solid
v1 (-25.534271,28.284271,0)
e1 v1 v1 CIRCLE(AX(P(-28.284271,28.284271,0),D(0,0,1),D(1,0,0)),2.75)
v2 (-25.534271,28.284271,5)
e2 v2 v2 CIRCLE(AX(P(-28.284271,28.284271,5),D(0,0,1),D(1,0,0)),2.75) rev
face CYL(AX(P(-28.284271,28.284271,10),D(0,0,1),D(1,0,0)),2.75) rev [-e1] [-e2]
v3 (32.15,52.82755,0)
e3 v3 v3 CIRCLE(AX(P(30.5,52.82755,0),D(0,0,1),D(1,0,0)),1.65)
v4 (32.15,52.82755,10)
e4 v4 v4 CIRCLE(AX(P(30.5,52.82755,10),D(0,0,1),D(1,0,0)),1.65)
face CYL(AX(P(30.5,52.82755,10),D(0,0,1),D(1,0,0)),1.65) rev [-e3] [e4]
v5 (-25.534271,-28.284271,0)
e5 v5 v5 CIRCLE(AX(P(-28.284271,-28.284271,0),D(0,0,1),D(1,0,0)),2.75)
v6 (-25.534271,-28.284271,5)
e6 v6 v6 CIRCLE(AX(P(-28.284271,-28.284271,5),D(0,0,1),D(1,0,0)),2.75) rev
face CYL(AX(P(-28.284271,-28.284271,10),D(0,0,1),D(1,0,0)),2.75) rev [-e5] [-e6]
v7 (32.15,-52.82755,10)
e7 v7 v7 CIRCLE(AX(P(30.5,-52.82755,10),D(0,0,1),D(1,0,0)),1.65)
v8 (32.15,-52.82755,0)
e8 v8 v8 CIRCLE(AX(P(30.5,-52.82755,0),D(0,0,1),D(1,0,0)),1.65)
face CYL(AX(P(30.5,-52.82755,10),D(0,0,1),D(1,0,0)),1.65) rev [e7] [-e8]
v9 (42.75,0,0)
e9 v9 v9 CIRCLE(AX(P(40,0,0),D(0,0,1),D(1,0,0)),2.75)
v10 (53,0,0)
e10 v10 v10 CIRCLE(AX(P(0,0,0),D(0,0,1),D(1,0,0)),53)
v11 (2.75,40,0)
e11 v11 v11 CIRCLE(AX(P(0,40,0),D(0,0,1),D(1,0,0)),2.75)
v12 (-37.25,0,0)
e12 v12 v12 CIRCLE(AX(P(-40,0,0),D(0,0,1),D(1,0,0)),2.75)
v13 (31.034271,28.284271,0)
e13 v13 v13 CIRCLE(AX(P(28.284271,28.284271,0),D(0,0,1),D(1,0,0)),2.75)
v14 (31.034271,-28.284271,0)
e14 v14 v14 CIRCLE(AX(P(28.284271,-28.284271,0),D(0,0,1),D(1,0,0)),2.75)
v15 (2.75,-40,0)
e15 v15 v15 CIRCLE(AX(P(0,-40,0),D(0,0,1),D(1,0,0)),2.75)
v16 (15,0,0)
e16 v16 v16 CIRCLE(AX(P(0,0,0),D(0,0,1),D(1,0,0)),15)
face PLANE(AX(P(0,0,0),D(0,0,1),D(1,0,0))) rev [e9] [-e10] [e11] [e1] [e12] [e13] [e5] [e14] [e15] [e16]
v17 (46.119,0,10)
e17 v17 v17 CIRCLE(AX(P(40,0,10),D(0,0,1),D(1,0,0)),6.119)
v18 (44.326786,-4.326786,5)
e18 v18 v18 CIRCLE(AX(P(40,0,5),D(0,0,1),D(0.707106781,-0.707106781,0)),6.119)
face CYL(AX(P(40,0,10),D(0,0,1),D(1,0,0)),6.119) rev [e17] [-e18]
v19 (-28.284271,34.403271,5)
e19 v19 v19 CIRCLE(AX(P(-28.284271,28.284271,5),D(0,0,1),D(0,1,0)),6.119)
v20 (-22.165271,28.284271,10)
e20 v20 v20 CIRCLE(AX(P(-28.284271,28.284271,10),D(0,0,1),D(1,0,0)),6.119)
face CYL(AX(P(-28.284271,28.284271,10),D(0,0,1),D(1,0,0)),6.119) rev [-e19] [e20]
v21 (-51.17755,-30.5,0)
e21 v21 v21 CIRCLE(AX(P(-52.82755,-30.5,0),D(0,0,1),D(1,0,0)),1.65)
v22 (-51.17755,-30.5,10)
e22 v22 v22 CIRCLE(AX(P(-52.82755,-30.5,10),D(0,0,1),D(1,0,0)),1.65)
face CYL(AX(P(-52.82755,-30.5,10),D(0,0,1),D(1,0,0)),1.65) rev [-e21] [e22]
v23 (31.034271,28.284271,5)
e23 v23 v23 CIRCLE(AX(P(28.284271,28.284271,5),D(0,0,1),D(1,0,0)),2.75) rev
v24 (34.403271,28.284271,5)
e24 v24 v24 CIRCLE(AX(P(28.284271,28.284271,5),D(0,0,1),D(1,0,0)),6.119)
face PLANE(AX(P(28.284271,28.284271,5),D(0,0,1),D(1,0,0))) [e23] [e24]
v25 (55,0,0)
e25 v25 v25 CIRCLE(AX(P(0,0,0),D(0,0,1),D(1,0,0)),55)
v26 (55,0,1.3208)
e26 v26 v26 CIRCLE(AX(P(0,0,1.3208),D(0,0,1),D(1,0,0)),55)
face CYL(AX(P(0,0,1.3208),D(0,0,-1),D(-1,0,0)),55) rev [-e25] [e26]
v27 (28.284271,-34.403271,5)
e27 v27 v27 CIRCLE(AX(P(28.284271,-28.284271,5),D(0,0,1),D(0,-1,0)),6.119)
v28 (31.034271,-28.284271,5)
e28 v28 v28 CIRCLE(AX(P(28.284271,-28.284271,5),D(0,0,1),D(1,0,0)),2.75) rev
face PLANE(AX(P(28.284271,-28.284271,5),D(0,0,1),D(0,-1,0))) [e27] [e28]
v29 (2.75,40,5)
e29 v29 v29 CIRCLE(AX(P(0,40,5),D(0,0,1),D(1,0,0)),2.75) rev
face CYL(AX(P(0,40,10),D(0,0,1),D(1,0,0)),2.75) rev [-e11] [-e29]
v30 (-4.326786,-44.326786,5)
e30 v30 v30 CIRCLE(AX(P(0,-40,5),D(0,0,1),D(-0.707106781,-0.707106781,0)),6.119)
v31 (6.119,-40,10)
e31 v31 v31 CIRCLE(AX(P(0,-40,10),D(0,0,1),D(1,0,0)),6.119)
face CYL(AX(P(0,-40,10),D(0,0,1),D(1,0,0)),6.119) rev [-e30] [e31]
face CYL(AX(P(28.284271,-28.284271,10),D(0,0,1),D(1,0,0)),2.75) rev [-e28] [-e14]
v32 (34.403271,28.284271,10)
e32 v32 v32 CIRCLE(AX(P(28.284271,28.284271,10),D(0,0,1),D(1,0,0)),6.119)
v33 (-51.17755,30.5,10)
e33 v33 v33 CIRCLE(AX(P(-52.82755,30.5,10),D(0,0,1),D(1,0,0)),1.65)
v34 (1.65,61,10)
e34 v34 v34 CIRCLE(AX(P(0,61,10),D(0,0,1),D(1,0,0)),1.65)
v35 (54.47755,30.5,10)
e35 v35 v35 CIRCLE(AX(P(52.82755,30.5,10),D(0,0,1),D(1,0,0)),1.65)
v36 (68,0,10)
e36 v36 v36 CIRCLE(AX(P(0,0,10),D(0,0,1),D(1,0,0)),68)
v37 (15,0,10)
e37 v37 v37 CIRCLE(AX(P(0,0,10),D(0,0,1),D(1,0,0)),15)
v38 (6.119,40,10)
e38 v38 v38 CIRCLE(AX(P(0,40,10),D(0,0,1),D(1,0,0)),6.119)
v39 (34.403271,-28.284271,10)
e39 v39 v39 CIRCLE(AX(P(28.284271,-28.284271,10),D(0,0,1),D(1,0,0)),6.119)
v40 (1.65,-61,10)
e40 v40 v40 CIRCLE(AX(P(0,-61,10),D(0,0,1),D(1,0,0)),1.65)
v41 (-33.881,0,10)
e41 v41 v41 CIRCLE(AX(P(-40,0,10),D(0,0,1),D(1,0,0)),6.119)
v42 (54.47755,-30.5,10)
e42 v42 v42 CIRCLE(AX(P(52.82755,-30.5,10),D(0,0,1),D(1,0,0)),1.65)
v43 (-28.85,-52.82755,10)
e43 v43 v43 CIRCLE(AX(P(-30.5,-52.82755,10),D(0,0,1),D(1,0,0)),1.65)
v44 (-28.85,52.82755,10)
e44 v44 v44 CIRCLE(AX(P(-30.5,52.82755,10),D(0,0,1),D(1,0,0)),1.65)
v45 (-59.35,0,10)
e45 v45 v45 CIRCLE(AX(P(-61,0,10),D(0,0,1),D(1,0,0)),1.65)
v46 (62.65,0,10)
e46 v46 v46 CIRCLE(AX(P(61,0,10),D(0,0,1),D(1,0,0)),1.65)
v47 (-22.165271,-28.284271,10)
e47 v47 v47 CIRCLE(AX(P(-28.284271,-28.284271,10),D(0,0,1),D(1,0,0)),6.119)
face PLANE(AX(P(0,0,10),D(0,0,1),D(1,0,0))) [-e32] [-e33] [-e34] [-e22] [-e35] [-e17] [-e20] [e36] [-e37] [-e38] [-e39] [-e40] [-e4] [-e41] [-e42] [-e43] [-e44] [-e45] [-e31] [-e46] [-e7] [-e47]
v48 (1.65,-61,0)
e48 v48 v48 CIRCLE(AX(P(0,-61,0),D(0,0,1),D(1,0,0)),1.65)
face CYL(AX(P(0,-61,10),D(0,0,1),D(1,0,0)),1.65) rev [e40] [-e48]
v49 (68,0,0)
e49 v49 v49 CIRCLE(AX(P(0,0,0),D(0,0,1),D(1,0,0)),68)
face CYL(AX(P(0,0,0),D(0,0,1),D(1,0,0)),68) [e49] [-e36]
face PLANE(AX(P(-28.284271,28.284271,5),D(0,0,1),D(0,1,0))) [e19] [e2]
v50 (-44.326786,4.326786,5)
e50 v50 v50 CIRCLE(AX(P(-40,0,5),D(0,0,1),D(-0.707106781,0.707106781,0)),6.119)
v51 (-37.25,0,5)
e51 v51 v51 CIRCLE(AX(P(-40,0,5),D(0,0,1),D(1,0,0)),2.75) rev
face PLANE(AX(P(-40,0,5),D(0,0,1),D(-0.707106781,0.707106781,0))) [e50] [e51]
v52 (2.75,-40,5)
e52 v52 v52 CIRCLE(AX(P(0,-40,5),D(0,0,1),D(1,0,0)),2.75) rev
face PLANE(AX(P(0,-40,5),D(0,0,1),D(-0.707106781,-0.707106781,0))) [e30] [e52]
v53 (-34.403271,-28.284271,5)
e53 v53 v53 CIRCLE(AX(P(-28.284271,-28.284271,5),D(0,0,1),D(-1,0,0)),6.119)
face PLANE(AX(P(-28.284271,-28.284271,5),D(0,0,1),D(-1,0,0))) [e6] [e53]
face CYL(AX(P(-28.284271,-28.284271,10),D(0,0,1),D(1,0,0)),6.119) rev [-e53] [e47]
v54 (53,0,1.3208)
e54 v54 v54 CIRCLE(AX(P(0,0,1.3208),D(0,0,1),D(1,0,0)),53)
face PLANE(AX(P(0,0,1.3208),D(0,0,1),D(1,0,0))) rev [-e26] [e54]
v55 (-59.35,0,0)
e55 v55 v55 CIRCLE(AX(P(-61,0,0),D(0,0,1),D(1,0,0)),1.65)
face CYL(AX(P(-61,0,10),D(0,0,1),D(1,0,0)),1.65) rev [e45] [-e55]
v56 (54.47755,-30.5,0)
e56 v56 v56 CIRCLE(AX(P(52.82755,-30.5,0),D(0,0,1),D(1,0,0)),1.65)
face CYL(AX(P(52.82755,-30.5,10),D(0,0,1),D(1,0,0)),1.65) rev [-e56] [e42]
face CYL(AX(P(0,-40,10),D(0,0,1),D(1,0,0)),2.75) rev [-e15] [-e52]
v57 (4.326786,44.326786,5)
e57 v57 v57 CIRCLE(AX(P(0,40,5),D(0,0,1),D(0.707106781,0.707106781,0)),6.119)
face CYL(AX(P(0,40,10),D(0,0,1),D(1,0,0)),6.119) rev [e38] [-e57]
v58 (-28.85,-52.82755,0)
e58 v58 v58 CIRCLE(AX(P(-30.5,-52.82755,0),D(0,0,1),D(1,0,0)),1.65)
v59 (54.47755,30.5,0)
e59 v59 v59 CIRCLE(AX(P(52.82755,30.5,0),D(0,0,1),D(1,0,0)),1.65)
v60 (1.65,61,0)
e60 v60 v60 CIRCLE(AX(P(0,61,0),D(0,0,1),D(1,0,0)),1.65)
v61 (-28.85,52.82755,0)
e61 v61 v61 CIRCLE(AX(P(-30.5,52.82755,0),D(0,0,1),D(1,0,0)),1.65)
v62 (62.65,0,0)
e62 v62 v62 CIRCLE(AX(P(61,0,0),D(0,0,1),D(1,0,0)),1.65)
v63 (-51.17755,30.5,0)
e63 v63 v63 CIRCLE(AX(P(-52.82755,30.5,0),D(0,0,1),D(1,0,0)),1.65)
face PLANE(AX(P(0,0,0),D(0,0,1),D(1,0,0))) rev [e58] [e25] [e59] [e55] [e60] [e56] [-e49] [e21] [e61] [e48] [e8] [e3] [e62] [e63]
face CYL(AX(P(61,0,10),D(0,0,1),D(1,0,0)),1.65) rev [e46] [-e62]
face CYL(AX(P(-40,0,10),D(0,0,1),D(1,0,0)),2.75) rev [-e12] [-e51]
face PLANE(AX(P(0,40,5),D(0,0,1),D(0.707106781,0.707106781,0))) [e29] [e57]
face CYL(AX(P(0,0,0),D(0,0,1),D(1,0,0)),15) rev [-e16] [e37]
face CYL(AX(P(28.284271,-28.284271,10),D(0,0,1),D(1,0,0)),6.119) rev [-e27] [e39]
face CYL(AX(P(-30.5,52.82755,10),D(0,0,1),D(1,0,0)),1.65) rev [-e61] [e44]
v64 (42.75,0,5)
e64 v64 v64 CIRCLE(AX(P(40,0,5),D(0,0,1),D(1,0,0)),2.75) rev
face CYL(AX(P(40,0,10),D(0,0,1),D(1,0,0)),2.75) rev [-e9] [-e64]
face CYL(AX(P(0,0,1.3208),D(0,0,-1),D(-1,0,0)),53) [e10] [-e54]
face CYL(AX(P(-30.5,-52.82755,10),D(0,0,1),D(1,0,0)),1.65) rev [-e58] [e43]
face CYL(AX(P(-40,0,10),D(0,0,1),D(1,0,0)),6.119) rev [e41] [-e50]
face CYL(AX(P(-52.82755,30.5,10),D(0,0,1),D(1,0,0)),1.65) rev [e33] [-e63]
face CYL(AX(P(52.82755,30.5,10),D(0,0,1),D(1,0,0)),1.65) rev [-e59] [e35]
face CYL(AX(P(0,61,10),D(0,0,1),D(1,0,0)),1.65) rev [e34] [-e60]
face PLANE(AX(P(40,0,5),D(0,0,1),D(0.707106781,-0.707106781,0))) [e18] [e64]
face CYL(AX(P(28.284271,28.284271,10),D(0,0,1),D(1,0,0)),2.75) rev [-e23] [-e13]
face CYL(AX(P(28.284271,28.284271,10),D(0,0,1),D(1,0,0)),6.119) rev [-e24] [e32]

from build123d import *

# Parameters (mm, degrees)
SKETCH1_R                               = 75
BOSS_EXTRUDE1_DEPTH                     = 10
SKETCH3_R                               = 15
CUT_EXTRUDE2_DEPTH                      = 10
SKETCH8_R                               = 55
SKETCH8_R_2                             = 53
CUT_EXTRUDE7_DEPTH                      = 1.3208
CBORE_FOR_M5_HEX_HEAD_BOLT1_D           = 5.5
CBORE_FOR_M5_HEX_HEAD_BOLT1_CBORE_D     = 12.238
CBORE_FOR_M5_HEX_HEAD_BOLT1_CBORE_DEPTH = 3.5
SKETCH11_R                              = 75
SKETCH11_R_2                            = 68
CUT_EXTRUDE8_DEPTH                      = 10
SKETCH12_R                              = 6.119
CUT_EXTRUDE9_DEPTH                      = 5
CIRPATTERN2_COUNT                       = 8
M4_TAPPED_HOLE1_D                       = 3.3
CIRPATTERN3_COUNT                       = 12


with BuildPart() as part:
    # Sketch1 → Boss-Extrude1 (new body)
    with BuildSketch(Plane.XY):
        Circle(SKETCH1_R)
    extrude(amount=BOSS_EXTRUDE1_DEPTH)

    # Sketch3 → Cut-Extrude2 (cut)
    with BuildSketch(Plane.XY.offset(10)):
        Circle(SKETCH3_R)
    extrude(amount=-CUT_EXTRUDE2_DEPTH, mode=Mode.SUBTRACT)

    # Sketch8 → Cut-Extrude7 (cut)
    with BuildSketch(Plane.XY):
        Circle(SKETCH8_R)
        Circle(SKETCH8_R_2, mode=Mode.SUBTRACT)
    extrude(amount=CUT_EXTRUDE7_DEPTH, mode=Mode.SUBTRACT)

    # CBORE for M5 Hex Head Bolt1 (through all)
    with Locations(Plane.XY.offset(10)):
        with Locations((28.284271247, 28.284271247)):
            cbore_for_m5_hex_head_bolt1 = CounterBoreHole(CBORE_FOR_M5_HEX_HEAD_BOLT1_D / 2, CBORE_FOR_M5_HEX_HEAD_BOLT1_CBORE_D / 2, CBORE_FOR_M5_HEX_HEAD_BOLT1_CBORE_DEPTH)

    # Sketch11 → Cut-Extrude8 (cut)
    with BuildSketch(Plane.XY.offset(10)):
        Circle(SKETCH11_R)
        Circle(SKETCH11_R_2, mode=Mode.SUBTRACT)
    extrude(amount=-CUT_EXTRUDE8_DEPTH, mode=Mode.SUBTRACT)

    # Sketch12 → Cut-Extrude9 (cut)
    with BuildSketch(Plane.XY.offset(10)):
        with Locations((28.284271247, 28.284271247)):
            Circle(SKETCH12_R)
    cut_extrude9 = extrude(amount=-CUT_EXTRUDE9_DEPTH, mode=Mode.SUBTRACT)

    # CirPattern2: CBORE for M5 Hex Head Bolt1, Cut-Extrude9 ×8 about axis
    cirpattern2_axis = Axis((0, 0, 0), (0, 0, 1))
    for i in range(1, CIRPATTERN2_COUNT):
        add(cbore_for_m5_hex_head_bolt1.rotate(cirpattern2_axis, i * 360 / CIRPATTERN2_COUNT), mode=Mode.SUBTRACT)
        add(cut_extrude9.rotate(cirpattern2_axis, i * 360 / CIRPATTERN2_COUNT), mode=Mode.SUBTRACT)

    # M4 Tapped Hole1 (through all)
    with Locations(Plane.XY.offset(10)):
        with Locations((0, 61)):
            m4_tapped_hole1 = Hole(M4_TAPPED_HOLE1_D / 2)

    # CirPattern3: M4 Tapped Hole1 ×12 about axis
    cirpattern3_axis = Axis((0, 0, 0), (0, 0, 1))
    for i in range(1, CIRPATTERN3_COUNT):
        add(m4_tapped_hole1.rotate(cirpattern3_axis, i * 360 / CIRPATTERN3_COUNT), mode=Mode.SUBTRACT)


solid = part.part
